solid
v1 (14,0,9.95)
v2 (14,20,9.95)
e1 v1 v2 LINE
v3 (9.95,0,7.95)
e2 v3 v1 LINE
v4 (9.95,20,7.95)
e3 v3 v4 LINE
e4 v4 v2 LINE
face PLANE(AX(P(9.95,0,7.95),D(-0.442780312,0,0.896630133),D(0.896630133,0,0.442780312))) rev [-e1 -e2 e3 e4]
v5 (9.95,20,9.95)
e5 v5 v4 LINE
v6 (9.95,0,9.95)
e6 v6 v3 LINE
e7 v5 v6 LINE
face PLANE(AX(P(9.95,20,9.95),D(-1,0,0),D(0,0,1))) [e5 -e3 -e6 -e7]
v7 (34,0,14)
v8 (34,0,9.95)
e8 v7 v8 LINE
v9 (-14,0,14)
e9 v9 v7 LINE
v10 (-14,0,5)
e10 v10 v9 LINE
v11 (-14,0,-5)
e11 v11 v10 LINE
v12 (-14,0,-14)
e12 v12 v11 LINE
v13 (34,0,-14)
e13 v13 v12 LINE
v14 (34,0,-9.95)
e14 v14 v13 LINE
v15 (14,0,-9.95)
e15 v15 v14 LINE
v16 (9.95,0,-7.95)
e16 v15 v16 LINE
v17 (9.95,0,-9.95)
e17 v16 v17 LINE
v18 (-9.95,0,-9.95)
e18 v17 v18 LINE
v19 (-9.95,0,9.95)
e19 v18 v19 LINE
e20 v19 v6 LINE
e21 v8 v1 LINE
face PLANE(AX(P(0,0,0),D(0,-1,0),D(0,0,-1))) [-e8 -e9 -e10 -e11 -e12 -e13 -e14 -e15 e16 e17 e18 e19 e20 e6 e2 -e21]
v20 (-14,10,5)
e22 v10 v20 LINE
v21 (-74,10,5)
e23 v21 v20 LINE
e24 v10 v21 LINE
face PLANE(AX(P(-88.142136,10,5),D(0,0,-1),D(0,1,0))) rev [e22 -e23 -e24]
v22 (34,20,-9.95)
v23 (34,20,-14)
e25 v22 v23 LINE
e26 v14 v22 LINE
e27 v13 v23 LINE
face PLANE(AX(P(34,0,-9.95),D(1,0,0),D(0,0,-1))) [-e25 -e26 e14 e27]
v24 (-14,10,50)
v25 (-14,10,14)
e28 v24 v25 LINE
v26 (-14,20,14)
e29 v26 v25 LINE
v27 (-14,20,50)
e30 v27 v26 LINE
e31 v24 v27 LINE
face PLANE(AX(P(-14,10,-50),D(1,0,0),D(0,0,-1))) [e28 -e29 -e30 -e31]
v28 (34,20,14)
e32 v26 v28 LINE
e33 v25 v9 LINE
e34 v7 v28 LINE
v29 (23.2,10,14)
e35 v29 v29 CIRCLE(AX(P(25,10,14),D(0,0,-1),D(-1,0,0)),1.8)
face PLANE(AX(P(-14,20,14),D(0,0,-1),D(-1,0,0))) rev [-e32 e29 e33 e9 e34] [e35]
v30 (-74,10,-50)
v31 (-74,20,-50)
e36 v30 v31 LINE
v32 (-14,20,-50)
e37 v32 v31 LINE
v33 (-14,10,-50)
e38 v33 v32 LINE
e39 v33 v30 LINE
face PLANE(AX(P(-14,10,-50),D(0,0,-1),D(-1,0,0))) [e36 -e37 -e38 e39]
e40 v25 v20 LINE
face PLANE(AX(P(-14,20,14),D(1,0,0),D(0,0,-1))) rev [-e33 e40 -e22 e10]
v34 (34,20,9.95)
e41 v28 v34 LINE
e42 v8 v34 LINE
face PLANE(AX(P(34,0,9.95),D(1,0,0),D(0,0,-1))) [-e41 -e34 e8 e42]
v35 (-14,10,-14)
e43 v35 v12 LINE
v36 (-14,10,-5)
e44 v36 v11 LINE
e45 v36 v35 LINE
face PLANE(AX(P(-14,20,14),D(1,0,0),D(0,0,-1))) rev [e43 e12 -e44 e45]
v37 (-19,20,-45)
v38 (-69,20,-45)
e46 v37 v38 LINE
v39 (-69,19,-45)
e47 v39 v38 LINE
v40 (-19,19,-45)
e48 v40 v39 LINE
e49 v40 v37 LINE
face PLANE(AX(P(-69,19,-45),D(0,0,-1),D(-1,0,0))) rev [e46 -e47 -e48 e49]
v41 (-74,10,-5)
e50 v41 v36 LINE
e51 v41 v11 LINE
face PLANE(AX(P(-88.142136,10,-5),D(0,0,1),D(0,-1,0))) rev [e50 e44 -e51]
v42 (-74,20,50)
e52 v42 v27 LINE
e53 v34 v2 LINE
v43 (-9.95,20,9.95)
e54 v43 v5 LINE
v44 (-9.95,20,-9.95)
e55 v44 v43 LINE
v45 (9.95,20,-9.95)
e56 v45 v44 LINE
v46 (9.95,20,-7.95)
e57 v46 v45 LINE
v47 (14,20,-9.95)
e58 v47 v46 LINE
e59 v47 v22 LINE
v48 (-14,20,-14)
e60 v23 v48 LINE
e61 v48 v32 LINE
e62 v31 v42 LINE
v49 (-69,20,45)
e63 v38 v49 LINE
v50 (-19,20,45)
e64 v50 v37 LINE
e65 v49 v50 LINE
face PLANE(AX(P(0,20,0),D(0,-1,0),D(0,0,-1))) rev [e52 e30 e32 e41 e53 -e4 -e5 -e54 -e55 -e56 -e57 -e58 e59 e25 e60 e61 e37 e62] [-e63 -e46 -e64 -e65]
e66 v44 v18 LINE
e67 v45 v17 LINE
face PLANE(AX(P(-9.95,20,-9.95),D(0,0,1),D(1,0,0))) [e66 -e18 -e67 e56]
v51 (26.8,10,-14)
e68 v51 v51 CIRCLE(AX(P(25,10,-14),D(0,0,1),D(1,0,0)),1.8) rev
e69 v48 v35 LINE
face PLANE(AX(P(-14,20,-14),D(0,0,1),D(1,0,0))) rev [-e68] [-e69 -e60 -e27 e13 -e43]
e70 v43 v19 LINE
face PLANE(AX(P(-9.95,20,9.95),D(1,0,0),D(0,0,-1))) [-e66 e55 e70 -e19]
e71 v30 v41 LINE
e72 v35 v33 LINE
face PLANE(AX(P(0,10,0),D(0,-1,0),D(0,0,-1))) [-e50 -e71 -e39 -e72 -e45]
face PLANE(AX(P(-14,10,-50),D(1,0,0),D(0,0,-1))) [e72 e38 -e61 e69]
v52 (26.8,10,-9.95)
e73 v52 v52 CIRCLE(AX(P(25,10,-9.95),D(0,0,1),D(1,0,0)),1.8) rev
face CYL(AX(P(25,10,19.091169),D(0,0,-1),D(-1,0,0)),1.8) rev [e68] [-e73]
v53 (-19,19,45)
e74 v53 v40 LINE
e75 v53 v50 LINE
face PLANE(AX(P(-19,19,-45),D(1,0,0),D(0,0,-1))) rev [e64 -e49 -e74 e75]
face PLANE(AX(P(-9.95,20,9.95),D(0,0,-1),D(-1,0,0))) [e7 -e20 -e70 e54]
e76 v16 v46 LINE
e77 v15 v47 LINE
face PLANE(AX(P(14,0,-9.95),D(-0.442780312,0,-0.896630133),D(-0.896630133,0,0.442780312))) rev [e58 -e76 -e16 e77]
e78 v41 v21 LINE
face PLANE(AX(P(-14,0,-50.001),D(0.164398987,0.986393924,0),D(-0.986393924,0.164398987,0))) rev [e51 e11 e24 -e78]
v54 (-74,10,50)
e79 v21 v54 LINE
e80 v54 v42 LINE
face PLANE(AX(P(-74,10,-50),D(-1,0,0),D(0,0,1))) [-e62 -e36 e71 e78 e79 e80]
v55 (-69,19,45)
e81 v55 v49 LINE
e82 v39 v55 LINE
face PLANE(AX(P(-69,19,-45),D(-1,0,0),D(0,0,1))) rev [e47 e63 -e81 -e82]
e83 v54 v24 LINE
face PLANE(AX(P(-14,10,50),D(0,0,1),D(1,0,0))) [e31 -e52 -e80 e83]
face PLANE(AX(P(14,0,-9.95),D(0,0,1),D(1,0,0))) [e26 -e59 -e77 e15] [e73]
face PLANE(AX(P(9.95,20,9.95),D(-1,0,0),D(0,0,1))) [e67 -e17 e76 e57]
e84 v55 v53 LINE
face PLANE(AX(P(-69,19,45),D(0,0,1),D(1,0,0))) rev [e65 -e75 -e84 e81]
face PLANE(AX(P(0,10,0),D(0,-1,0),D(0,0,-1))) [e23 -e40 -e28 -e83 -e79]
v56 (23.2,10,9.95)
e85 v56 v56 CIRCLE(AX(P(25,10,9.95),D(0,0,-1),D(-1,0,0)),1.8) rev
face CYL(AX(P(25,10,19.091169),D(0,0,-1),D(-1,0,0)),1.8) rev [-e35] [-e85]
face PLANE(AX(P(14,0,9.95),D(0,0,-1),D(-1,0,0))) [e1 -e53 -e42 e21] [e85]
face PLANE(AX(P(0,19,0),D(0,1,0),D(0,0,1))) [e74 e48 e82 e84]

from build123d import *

# Parameters (mm, degrees)
SKETCH_1_W                      = 28
SKETCH_1_H                      = 28
SKETCH_1_W_2                    = 19.9
SKETCH_1_H_2                    = 19.9
EXTRUDE_1_DEPTH                 = 20
CUT_EXTRUDE_1_DEPTH             = 20
SKETCH_3_W                      = 20
SKETCH_3_H                      = 4.05
EXTRUDE_2_DEPTH                 = 20
CUT_EXTRUDE_2_REACH             = 48.148
SKETCH_4_R                      = 1.8
CUT_EXTRUDE_2_DIRECTION_2_REACH = 48.148
SKETCH_5_W                      = 60
SKETCH_5_H                      = 100
EXTRUDE_3_DEPTH                 = 10
SKETCH_6_W                      = 10
SKETCH_6_H                      = 10
EXTRUDE_4_DEPTH                 = 60
CUT_EXTRUDE_3_REACH             = 96.345
SKETCH_8_W                      = 50
SKETCH_8_H                      = 90
CUT_EXTRUDE_4_DEPTH             = 1


with BuildPart() as part:
    # 草图1 → 凸台-拉伸1 (new body)
    with BuildSketch(Plane(origin=(0, 0, 0), x_dir=(1, 0, 0), z_dir=(0, 1, 0))):
        Rectangle(SKETCH_1_W, SKETCH_1_H)
        Rectangle(SKETCH_1_W_2, SKETCH_1_H_2, mode=Mode.SUBTRACT)
    extrude(amount=EXTRUDE_1_DEPTH)

    # 草图2 → 切除-拉伸1 (cut)
    with BuildSketch(Plane(origin=(0, 20, 0), x_dir=(1, 0, 0), z_dir=(0, 1, 0))):
        Polygon((14, 9.95), (9.95, 7.95), (9.95, -7.95), (14, -9.95), align=None)
    extrude(amount=-CUT_EXTRUDE_1_DEPTH, mode=Mode.SUBTRACT)

    # 草图3 → 凸台-拉伸2 (add)
    with BuildSketch(Plane(origin=(0, 20, 0), x_dir=(1, 0, 0), z_dir=(0, 1, 0))):
        with Locations((24, 11.975)):
            Rectangle(SKETCH_3_W, SKETCH_3_H)
        with Locations((24, -11.975)):
            Rectangle(SKETCH_3_W, SKETCH_3_H)
    extrude(amount=-EXTRUDE_2_DEPTH)

    # 草图4 → 切除-拉伸2 (cut, up to next)
    with BuildSketch(Plane.XY.offset(-9.95), mode=Mode.PRIVATE) as cut_extrude_2_sk1:
        with Locations((25, 10)):
            Circle(SKETCH_4_R)
    cut_extrude_2_tool1 = extrude(cut_extrude_2_sk1.sketch, amount=-CUT_EXTRUDE_2_REACH, mode=Mode.PRIVATE) & part.part
    add(cut_extrude_2_tool1.solids().sort_by_distance((25, 10, -9.95))[0], mode=Mode.SUBTRACT)

    # 切除-拉伸2 direction 2: up to this face of the body (flat: up to its plane)
    cut_extrude_2_direction_2_end = Plane(part.part.faces().sort_by_distance((10, 10, 14))[0])
    # 草图4 → 切除-拉伸2 direction 2 (cut, up to the picked face)
    with BuildSketch(Plane.XY.offset(-9.95), mode=Mode.PRIVATE) as cut_extrude_2_direction_2_sk1:
        with Locations((25, 10)):
            Circle(SKETCH_4_R)
    cut_extrude_2_direction_2_tool1 = split(extrude(cut_extrude_2_direction_2_sk1.sketch, amount=CUT_EXTRUDE_2_DIRECTION_2_REACH, mode=Mode.PRIVATE), bisect_by=cut_extrude_2_direction_2_end, keep=Keep.BOTH, mode=Mode.PRIVATE)
    add(cut_extrude_2_direction_2_tool1.solids().sort_by(Axis((25, 10, -9.95), (0, 0, 1)))[0], mode=Mode.SUBTRACT)

    # 草图5 → 凸台-拉伸3 (add)
    with BuildSketch(Plane(origin=(0, 20, 0), x_dir=(1, 0, 0), z_dir=(0, 1, 0))):
        with Locations((-44, 0)):
            Rectangle(SKETCH_5_W, SKETCH_5_H)
    extrude(amount=-EXTRUDE_3_DEPTH)

    # 草图6 → 凸台-拉伸4 (add)
    with BuildSketch(Plane.ZY.offset(14)):
        with Locations((0, 5)):
            Rectangle(SKETCH_6_W, SKETCH_6_H)
    extrude(amount=EXTRUDE_4_DEPTH)

    # 草图7 → 切除-拉伸3 (cut, up to next)
    with BuildSketch(Plane.XY.offset(5), mode=Mode.PRIVATE) as cut_extrude_3_sk1:
        Polygon((-74, 10), (-74, 0), (-14, 0), align=None)
    cut_extrude_3_tool1 = extrude(cut_extrude_3_sk1.sketch, amount=-CUT_EXTRUDE_3_REACH, mode=Mode.PRIVATE) & part.part
    add(cut_extrude_3_tool1.solids().sort_by_distance((-54, 3.333333, 5))[0], mode=Mode.SUBTRACT)

    # 草图8 → 切除-拉伸4 (cut)
    with BuildSketch(Plane(origin=(0, 20, 0), x_dir=(1, 0, 0), z_dir=(0, 1, 0))):
        with Locations((-44, 0)):
            Rectangle(SKETCH_8_W, SKETCH_8_H)
    extrude(amount=-CUT_EXTRUDE_4_DEPTH, mode=Mode.SUBTRACT)


solid = part.part
